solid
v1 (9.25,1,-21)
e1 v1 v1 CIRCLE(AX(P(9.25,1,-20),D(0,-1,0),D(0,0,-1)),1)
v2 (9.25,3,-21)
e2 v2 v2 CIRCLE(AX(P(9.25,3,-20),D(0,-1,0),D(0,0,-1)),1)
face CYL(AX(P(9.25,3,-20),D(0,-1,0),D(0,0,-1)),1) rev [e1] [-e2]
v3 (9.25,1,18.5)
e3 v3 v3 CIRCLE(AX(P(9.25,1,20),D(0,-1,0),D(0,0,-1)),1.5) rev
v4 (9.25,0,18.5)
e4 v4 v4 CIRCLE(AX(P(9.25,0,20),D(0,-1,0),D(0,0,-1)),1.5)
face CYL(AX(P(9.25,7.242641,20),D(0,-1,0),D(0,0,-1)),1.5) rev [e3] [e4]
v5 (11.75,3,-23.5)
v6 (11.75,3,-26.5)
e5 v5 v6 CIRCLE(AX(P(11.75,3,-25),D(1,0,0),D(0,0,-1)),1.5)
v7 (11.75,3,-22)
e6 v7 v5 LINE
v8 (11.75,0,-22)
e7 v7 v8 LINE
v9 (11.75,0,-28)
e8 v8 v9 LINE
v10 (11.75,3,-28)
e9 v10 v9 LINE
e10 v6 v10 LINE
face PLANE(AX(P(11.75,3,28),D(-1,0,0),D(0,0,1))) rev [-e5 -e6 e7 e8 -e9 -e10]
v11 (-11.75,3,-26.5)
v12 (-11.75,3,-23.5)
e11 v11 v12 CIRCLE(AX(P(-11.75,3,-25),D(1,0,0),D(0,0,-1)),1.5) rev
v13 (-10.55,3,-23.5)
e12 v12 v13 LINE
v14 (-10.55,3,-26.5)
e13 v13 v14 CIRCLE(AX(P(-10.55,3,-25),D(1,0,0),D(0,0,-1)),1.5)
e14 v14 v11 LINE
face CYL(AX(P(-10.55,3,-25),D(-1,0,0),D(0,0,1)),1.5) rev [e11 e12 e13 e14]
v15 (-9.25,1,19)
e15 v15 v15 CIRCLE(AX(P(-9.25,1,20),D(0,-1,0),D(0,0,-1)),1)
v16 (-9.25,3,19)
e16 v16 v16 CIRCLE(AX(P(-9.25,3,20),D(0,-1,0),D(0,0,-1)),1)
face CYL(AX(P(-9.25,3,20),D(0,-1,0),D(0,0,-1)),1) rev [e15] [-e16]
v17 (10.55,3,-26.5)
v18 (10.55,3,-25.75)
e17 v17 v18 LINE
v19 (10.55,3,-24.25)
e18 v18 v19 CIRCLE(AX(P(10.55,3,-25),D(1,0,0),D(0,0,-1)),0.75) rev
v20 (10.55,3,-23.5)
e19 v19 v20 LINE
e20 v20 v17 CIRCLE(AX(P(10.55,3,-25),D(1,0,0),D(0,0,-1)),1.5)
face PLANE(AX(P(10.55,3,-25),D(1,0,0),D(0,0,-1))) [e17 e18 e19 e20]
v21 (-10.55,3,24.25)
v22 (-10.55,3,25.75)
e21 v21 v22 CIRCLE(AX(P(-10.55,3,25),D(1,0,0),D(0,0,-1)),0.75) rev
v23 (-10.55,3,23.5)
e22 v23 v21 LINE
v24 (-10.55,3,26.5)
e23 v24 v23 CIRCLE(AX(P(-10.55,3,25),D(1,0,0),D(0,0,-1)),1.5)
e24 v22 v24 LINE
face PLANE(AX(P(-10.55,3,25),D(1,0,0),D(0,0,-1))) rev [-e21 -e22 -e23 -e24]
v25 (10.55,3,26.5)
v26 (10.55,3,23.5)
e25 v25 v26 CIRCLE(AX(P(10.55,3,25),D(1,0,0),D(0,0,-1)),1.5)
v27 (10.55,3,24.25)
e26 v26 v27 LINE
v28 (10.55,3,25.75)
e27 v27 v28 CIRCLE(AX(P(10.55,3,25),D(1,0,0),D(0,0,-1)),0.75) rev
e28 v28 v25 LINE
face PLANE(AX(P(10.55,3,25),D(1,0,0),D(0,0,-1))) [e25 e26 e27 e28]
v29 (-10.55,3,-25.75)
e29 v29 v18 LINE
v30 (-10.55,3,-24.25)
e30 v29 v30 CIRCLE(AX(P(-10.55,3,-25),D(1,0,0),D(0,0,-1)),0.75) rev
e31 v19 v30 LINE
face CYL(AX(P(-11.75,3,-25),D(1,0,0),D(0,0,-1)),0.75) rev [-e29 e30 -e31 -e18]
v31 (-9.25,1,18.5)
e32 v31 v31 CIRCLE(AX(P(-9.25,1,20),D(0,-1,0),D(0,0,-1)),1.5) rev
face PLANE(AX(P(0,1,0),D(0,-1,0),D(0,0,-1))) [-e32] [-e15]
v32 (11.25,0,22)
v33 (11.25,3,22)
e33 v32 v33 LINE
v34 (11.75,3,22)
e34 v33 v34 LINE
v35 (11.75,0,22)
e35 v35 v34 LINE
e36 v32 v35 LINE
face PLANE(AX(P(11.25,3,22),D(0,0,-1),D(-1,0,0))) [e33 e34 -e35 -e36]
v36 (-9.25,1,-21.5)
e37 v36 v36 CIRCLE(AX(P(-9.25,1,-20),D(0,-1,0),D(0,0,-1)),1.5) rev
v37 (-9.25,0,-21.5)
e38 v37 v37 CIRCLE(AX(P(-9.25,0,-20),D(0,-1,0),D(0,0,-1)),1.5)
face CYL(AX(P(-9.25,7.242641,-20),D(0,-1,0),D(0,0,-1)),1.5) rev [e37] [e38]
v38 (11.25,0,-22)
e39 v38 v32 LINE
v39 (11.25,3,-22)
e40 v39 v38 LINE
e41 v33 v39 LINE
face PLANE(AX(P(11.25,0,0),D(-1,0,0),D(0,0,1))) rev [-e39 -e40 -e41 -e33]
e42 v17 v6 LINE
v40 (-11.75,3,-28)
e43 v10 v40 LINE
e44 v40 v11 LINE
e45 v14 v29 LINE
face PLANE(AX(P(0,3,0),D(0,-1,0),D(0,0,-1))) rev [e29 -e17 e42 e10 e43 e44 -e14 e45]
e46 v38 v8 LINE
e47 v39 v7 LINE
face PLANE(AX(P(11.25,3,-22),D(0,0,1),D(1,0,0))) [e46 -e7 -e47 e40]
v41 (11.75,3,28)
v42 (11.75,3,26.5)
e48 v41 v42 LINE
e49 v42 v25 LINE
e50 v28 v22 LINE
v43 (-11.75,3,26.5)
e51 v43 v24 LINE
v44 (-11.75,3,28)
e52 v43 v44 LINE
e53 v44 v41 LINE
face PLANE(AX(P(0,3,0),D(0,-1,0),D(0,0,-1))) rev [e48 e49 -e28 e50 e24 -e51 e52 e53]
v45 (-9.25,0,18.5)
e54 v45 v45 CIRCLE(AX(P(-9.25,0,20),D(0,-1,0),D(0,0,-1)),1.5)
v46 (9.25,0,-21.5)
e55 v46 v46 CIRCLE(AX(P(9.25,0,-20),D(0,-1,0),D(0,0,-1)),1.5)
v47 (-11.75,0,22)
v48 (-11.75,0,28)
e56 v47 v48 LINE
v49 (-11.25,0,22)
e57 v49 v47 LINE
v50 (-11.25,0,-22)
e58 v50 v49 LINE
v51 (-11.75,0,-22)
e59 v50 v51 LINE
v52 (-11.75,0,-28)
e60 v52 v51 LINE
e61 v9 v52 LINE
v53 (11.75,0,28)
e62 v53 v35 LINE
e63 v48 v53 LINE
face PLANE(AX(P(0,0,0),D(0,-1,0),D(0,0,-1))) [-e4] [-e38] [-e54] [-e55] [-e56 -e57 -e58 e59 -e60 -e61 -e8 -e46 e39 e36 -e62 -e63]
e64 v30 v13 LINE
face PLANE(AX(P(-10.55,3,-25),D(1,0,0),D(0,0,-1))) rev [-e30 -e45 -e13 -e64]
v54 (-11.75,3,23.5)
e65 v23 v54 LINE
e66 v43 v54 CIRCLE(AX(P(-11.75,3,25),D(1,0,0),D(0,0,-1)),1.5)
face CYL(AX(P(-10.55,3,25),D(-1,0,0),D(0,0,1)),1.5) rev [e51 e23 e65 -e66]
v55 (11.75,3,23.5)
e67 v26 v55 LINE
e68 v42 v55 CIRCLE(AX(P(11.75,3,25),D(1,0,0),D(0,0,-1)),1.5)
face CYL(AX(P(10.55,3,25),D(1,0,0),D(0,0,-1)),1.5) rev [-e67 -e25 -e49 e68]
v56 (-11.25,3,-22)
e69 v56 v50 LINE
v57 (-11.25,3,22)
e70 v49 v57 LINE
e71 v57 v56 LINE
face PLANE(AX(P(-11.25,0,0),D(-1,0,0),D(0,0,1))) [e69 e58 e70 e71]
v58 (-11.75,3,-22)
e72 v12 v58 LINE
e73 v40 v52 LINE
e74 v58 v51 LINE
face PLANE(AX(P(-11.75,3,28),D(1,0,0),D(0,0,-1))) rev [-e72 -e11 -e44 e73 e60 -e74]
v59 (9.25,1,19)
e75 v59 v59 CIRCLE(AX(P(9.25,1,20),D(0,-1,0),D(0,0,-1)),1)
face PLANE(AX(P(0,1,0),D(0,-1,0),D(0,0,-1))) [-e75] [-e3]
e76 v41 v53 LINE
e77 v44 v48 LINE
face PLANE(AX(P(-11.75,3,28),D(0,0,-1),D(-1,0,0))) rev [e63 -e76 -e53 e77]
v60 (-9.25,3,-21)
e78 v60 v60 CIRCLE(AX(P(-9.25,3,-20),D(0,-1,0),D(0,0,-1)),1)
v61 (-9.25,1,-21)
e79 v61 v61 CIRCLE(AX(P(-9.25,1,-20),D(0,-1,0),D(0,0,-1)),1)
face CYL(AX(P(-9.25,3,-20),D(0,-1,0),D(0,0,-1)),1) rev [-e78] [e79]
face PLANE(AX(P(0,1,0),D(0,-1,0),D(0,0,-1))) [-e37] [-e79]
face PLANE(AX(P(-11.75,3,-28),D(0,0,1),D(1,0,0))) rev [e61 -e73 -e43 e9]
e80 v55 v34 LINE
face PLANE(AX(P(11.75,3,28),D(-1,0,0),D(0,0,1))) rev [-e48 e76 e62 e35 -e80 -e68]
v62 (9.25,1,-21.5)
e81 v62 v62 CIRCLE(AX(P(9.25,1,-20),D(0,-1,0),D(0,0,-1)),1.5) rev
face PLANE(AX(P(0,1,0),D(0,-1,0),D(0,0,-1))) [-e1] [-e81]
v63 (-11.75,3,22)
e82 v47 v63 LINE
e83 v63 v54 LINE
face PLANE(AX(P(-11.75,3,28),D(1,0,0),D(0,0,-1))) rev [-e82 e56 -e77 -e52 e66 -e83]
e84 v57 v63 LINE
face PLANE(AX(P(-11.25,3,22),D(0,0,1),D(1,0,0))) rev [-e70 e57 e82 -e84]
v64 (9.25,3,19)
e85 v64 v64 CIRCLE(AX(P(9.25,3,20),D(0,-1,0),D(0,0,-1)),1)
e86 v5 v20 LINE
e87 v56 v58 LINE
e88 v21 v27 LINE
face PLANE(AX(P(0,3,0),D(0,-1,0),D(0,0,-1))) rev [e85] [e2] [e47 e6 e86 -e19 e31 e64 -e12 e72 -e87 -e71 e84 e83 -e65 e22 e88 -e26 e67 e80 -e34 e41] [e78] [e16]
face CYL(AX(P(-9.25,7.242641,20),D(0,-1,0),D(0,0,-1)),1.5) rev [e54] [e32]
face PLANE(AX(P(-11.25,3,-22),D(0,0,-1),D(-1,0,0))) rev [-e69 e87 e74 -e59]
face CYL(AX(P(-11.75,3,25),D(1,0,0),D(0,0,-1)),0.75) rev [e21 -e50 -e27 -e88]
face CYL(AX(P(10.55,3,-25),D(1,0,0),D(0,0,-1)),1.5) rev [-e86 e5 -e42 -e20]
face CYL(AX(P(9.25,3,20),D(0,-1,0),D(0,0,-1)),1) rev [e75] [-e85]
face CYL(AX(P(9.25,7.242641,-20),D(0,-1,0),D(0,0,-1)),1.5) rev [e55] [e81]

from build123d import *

# Parameters (mm, degrees)
SKETCH_4_W          = 23.5
SKETCH_4_H          = 56
EXTRUDE_1_DEPTH     = 3
SKETCH_5_R          = 0.75
CUT_EXTRUDE_1_DEPTH = 37.67764987
SKETCH_5_3_R        = 1.5
CUT_EXTRUDE_4_DEPTH = 1.2
CUT_EXTRUDE_START   = -22.3
SKETCH_5_4_R        = 1.5
CUT_EXTRUDE_5_DEPTH = 1.2
SKETCH_6_R          = 1.5
SKETCH_6_R_2        = 1
CUT_EXTRUDE_2_DEPTH = 1
SKETCH_6_2_R        = 1
CUT_EXTRUDE_3_DEPTH = 31.513316765
SKETCH_7_W          = 44
SKETCH_7_H          = 3
CUT_EXTRUDE_8_DEPTH = 0.5
CUT_EXTRUDE_START_2 = -23.5
SKETCH_7_2_W        = 44
SKETCH_7_2_H        = 3
CUT_EXTRUDE_9_DEPTH = 0.5


with BuildPart() as part:
    # 草图4 → 凸台-拉伸1 (new body)
    with BuildSketch(Plane(origin=(0, 0, 0), x_dir=(1, 0, 0), z_dir=(0, 1, 0))):
        Rectangle(SKETCH_4_W, SKETCH_4_H)
    extrude(amount=EXTRUDE_1_DEPTH)

    # 草图5 → 切除-拉伸1 (cut, through all)
    with BuildSketch(Plane(origin=(11.75, 0, 0), x_dir=(0, 0, -1), z_dir=(1, 0, 0))):
        with Locations((-25, 3)):
            Circle(SKETCH_5_R)
        with Locations((25, 3)):
            Circle(SKETCH_5_R)
    extrude(amount=-CUT_EXTRUDE_1_DEPTH, mode=Mode.SUBTRACT)

    # 草图5<3> → 切除-拉伸4 (cut)
    with BuildSketch(Plane(origin=(11.75, 0, 0), x_dir=(0, 0, -1), z_dir=(1, 0, 0))):
        with Locations((-25, 3)):
            Circle(SKETCH_5_3_R)
        with Locations((25, 3)):
            Circle(SKETCH_5_3_R)
    extrude(amount=-CUT_EXTRUDE_4_DEPTH, mode=Mode.SUBTRACT)

    # 草图5<4> → 切除-拉伸5 (cut)
    with BuildSketch(Plane(origin=(11.75, 0, 0), x_dir=(0, 0, -1), z_dir=(1, 0, 0)).offset(CUT_EXTRUDE_START)):
        with Locations((-25, 3)):
            Circle(SKETCH_5_4_R)
        with Locations((25, 3)):
            Circle(SKETCH_5_4_R)
    extrude(amount=-CUT_EXTRUDE_5_DEPTH, mode=Mode.SUBTRACT)

    # 草图6 → 切除-拉伸2 (cut)
    # profile 1 of 4: a face of its own
    with BuildSketch(Plane.XZ):
        with Locations(Location((-9.25, -20, 0), (0, 0, 270))):
            Circle(SKETCH_6_R)
        with Locations(Location((-9.25, -20, 0), (0, 0, 270))):
            Circle(SKETCH_6_R_2, mode=Mode.SUBTRACT)
    # profile 2 of 4: a face of its own
    with BuildSketch(Plane.XZ):
        with Locations(Location((9.25, -20, 0), (0, 0, 270))):
            Circle(SKETCH_6_R)
        with Locations(Location((9.25, -20, 0), (0, 0, 270))):
            Circle(SKETCH_6_R_2, mode=Mode.SUBTRACT)
    # profile 3 of 4: a face of its own
    with BuildSketch(Plane.XZ):
        with Locations(Location((-9.25, 20, 0), (0, 0, 270))):
            Circle(SKETCH_6_R)
        with Locations(Location((-9.25, 20, 0), (0, 0, 270))):
            Circle(SKETCH_6_R_2, mode=Mode.SUBTRACT)
    # profile 4 of 4: a face of its own
    with BuildSketch(Plane.XZ):
        with Locations(Location((9.25, 20, 0), (0, 0, 270))):
            Circle(SKETCH_6_R)
        with Locations(Location((9.25, 20, 0), (0, 0, 270))):
            Circle(SKETCH_6_R_2, mode=Mode.SUBTRACT)
    extrude(amount=-CUT_EXTRUDE_2_DEPTH, mode=Mode.SUBTRACT)

    # 草图6<2> → 切除-拉伸3 (cut, through all)
    with BuildSketch(Plane.XZ):
        with Locations(Location((-9.25, -20, 0), (0, 0, 270))):
            Circle(SKETCH_6_2_R)
        with Locations(Location((9.25, -20, 0), (0, 0, 270))):
            Circle(SKETCH_6_2_R)
        with Locations(Location((-9.25, 20, 0), (0, 0, 270))):
            Circle(SKETCH_6_2_R)
        with Locations(Location((9.25, 20, 0), (0, 0, 270))):
            Circle(SKETCH_6_2_R)
    extrude(amount=-CUT_EXTRUDE_3_DEPTH, mode=Mode.SUBTRACT)

    # 草图7 → 切除-拉伸8 (cut)
    with BuildSketch(Plane.ZY.offset(11.75)):
        with Locations((0, 1.5)):
            Rectangle(SKETCH_7_W, SKETCH_7_H)
    extrude(amount=-CUT_EXTRUDE_8_DEPTH, mode=Mode.SUBTRACT)

    # 草图7<2> → 切除-拉伸9 (cut)
    with BuildSketch(Plane.ZY.offset(11.75).offset(CUT_EXTRUDE_START_2)):
        with Locations((0, 1.5)):
            Rectangle(SKETCH_7_2_W, SKETCH_7_2_H)
    extrude(amount=CUT_EXTRUDE_9_DEPTH, mode=Mode.SUBTRACT)


solid = part.part
